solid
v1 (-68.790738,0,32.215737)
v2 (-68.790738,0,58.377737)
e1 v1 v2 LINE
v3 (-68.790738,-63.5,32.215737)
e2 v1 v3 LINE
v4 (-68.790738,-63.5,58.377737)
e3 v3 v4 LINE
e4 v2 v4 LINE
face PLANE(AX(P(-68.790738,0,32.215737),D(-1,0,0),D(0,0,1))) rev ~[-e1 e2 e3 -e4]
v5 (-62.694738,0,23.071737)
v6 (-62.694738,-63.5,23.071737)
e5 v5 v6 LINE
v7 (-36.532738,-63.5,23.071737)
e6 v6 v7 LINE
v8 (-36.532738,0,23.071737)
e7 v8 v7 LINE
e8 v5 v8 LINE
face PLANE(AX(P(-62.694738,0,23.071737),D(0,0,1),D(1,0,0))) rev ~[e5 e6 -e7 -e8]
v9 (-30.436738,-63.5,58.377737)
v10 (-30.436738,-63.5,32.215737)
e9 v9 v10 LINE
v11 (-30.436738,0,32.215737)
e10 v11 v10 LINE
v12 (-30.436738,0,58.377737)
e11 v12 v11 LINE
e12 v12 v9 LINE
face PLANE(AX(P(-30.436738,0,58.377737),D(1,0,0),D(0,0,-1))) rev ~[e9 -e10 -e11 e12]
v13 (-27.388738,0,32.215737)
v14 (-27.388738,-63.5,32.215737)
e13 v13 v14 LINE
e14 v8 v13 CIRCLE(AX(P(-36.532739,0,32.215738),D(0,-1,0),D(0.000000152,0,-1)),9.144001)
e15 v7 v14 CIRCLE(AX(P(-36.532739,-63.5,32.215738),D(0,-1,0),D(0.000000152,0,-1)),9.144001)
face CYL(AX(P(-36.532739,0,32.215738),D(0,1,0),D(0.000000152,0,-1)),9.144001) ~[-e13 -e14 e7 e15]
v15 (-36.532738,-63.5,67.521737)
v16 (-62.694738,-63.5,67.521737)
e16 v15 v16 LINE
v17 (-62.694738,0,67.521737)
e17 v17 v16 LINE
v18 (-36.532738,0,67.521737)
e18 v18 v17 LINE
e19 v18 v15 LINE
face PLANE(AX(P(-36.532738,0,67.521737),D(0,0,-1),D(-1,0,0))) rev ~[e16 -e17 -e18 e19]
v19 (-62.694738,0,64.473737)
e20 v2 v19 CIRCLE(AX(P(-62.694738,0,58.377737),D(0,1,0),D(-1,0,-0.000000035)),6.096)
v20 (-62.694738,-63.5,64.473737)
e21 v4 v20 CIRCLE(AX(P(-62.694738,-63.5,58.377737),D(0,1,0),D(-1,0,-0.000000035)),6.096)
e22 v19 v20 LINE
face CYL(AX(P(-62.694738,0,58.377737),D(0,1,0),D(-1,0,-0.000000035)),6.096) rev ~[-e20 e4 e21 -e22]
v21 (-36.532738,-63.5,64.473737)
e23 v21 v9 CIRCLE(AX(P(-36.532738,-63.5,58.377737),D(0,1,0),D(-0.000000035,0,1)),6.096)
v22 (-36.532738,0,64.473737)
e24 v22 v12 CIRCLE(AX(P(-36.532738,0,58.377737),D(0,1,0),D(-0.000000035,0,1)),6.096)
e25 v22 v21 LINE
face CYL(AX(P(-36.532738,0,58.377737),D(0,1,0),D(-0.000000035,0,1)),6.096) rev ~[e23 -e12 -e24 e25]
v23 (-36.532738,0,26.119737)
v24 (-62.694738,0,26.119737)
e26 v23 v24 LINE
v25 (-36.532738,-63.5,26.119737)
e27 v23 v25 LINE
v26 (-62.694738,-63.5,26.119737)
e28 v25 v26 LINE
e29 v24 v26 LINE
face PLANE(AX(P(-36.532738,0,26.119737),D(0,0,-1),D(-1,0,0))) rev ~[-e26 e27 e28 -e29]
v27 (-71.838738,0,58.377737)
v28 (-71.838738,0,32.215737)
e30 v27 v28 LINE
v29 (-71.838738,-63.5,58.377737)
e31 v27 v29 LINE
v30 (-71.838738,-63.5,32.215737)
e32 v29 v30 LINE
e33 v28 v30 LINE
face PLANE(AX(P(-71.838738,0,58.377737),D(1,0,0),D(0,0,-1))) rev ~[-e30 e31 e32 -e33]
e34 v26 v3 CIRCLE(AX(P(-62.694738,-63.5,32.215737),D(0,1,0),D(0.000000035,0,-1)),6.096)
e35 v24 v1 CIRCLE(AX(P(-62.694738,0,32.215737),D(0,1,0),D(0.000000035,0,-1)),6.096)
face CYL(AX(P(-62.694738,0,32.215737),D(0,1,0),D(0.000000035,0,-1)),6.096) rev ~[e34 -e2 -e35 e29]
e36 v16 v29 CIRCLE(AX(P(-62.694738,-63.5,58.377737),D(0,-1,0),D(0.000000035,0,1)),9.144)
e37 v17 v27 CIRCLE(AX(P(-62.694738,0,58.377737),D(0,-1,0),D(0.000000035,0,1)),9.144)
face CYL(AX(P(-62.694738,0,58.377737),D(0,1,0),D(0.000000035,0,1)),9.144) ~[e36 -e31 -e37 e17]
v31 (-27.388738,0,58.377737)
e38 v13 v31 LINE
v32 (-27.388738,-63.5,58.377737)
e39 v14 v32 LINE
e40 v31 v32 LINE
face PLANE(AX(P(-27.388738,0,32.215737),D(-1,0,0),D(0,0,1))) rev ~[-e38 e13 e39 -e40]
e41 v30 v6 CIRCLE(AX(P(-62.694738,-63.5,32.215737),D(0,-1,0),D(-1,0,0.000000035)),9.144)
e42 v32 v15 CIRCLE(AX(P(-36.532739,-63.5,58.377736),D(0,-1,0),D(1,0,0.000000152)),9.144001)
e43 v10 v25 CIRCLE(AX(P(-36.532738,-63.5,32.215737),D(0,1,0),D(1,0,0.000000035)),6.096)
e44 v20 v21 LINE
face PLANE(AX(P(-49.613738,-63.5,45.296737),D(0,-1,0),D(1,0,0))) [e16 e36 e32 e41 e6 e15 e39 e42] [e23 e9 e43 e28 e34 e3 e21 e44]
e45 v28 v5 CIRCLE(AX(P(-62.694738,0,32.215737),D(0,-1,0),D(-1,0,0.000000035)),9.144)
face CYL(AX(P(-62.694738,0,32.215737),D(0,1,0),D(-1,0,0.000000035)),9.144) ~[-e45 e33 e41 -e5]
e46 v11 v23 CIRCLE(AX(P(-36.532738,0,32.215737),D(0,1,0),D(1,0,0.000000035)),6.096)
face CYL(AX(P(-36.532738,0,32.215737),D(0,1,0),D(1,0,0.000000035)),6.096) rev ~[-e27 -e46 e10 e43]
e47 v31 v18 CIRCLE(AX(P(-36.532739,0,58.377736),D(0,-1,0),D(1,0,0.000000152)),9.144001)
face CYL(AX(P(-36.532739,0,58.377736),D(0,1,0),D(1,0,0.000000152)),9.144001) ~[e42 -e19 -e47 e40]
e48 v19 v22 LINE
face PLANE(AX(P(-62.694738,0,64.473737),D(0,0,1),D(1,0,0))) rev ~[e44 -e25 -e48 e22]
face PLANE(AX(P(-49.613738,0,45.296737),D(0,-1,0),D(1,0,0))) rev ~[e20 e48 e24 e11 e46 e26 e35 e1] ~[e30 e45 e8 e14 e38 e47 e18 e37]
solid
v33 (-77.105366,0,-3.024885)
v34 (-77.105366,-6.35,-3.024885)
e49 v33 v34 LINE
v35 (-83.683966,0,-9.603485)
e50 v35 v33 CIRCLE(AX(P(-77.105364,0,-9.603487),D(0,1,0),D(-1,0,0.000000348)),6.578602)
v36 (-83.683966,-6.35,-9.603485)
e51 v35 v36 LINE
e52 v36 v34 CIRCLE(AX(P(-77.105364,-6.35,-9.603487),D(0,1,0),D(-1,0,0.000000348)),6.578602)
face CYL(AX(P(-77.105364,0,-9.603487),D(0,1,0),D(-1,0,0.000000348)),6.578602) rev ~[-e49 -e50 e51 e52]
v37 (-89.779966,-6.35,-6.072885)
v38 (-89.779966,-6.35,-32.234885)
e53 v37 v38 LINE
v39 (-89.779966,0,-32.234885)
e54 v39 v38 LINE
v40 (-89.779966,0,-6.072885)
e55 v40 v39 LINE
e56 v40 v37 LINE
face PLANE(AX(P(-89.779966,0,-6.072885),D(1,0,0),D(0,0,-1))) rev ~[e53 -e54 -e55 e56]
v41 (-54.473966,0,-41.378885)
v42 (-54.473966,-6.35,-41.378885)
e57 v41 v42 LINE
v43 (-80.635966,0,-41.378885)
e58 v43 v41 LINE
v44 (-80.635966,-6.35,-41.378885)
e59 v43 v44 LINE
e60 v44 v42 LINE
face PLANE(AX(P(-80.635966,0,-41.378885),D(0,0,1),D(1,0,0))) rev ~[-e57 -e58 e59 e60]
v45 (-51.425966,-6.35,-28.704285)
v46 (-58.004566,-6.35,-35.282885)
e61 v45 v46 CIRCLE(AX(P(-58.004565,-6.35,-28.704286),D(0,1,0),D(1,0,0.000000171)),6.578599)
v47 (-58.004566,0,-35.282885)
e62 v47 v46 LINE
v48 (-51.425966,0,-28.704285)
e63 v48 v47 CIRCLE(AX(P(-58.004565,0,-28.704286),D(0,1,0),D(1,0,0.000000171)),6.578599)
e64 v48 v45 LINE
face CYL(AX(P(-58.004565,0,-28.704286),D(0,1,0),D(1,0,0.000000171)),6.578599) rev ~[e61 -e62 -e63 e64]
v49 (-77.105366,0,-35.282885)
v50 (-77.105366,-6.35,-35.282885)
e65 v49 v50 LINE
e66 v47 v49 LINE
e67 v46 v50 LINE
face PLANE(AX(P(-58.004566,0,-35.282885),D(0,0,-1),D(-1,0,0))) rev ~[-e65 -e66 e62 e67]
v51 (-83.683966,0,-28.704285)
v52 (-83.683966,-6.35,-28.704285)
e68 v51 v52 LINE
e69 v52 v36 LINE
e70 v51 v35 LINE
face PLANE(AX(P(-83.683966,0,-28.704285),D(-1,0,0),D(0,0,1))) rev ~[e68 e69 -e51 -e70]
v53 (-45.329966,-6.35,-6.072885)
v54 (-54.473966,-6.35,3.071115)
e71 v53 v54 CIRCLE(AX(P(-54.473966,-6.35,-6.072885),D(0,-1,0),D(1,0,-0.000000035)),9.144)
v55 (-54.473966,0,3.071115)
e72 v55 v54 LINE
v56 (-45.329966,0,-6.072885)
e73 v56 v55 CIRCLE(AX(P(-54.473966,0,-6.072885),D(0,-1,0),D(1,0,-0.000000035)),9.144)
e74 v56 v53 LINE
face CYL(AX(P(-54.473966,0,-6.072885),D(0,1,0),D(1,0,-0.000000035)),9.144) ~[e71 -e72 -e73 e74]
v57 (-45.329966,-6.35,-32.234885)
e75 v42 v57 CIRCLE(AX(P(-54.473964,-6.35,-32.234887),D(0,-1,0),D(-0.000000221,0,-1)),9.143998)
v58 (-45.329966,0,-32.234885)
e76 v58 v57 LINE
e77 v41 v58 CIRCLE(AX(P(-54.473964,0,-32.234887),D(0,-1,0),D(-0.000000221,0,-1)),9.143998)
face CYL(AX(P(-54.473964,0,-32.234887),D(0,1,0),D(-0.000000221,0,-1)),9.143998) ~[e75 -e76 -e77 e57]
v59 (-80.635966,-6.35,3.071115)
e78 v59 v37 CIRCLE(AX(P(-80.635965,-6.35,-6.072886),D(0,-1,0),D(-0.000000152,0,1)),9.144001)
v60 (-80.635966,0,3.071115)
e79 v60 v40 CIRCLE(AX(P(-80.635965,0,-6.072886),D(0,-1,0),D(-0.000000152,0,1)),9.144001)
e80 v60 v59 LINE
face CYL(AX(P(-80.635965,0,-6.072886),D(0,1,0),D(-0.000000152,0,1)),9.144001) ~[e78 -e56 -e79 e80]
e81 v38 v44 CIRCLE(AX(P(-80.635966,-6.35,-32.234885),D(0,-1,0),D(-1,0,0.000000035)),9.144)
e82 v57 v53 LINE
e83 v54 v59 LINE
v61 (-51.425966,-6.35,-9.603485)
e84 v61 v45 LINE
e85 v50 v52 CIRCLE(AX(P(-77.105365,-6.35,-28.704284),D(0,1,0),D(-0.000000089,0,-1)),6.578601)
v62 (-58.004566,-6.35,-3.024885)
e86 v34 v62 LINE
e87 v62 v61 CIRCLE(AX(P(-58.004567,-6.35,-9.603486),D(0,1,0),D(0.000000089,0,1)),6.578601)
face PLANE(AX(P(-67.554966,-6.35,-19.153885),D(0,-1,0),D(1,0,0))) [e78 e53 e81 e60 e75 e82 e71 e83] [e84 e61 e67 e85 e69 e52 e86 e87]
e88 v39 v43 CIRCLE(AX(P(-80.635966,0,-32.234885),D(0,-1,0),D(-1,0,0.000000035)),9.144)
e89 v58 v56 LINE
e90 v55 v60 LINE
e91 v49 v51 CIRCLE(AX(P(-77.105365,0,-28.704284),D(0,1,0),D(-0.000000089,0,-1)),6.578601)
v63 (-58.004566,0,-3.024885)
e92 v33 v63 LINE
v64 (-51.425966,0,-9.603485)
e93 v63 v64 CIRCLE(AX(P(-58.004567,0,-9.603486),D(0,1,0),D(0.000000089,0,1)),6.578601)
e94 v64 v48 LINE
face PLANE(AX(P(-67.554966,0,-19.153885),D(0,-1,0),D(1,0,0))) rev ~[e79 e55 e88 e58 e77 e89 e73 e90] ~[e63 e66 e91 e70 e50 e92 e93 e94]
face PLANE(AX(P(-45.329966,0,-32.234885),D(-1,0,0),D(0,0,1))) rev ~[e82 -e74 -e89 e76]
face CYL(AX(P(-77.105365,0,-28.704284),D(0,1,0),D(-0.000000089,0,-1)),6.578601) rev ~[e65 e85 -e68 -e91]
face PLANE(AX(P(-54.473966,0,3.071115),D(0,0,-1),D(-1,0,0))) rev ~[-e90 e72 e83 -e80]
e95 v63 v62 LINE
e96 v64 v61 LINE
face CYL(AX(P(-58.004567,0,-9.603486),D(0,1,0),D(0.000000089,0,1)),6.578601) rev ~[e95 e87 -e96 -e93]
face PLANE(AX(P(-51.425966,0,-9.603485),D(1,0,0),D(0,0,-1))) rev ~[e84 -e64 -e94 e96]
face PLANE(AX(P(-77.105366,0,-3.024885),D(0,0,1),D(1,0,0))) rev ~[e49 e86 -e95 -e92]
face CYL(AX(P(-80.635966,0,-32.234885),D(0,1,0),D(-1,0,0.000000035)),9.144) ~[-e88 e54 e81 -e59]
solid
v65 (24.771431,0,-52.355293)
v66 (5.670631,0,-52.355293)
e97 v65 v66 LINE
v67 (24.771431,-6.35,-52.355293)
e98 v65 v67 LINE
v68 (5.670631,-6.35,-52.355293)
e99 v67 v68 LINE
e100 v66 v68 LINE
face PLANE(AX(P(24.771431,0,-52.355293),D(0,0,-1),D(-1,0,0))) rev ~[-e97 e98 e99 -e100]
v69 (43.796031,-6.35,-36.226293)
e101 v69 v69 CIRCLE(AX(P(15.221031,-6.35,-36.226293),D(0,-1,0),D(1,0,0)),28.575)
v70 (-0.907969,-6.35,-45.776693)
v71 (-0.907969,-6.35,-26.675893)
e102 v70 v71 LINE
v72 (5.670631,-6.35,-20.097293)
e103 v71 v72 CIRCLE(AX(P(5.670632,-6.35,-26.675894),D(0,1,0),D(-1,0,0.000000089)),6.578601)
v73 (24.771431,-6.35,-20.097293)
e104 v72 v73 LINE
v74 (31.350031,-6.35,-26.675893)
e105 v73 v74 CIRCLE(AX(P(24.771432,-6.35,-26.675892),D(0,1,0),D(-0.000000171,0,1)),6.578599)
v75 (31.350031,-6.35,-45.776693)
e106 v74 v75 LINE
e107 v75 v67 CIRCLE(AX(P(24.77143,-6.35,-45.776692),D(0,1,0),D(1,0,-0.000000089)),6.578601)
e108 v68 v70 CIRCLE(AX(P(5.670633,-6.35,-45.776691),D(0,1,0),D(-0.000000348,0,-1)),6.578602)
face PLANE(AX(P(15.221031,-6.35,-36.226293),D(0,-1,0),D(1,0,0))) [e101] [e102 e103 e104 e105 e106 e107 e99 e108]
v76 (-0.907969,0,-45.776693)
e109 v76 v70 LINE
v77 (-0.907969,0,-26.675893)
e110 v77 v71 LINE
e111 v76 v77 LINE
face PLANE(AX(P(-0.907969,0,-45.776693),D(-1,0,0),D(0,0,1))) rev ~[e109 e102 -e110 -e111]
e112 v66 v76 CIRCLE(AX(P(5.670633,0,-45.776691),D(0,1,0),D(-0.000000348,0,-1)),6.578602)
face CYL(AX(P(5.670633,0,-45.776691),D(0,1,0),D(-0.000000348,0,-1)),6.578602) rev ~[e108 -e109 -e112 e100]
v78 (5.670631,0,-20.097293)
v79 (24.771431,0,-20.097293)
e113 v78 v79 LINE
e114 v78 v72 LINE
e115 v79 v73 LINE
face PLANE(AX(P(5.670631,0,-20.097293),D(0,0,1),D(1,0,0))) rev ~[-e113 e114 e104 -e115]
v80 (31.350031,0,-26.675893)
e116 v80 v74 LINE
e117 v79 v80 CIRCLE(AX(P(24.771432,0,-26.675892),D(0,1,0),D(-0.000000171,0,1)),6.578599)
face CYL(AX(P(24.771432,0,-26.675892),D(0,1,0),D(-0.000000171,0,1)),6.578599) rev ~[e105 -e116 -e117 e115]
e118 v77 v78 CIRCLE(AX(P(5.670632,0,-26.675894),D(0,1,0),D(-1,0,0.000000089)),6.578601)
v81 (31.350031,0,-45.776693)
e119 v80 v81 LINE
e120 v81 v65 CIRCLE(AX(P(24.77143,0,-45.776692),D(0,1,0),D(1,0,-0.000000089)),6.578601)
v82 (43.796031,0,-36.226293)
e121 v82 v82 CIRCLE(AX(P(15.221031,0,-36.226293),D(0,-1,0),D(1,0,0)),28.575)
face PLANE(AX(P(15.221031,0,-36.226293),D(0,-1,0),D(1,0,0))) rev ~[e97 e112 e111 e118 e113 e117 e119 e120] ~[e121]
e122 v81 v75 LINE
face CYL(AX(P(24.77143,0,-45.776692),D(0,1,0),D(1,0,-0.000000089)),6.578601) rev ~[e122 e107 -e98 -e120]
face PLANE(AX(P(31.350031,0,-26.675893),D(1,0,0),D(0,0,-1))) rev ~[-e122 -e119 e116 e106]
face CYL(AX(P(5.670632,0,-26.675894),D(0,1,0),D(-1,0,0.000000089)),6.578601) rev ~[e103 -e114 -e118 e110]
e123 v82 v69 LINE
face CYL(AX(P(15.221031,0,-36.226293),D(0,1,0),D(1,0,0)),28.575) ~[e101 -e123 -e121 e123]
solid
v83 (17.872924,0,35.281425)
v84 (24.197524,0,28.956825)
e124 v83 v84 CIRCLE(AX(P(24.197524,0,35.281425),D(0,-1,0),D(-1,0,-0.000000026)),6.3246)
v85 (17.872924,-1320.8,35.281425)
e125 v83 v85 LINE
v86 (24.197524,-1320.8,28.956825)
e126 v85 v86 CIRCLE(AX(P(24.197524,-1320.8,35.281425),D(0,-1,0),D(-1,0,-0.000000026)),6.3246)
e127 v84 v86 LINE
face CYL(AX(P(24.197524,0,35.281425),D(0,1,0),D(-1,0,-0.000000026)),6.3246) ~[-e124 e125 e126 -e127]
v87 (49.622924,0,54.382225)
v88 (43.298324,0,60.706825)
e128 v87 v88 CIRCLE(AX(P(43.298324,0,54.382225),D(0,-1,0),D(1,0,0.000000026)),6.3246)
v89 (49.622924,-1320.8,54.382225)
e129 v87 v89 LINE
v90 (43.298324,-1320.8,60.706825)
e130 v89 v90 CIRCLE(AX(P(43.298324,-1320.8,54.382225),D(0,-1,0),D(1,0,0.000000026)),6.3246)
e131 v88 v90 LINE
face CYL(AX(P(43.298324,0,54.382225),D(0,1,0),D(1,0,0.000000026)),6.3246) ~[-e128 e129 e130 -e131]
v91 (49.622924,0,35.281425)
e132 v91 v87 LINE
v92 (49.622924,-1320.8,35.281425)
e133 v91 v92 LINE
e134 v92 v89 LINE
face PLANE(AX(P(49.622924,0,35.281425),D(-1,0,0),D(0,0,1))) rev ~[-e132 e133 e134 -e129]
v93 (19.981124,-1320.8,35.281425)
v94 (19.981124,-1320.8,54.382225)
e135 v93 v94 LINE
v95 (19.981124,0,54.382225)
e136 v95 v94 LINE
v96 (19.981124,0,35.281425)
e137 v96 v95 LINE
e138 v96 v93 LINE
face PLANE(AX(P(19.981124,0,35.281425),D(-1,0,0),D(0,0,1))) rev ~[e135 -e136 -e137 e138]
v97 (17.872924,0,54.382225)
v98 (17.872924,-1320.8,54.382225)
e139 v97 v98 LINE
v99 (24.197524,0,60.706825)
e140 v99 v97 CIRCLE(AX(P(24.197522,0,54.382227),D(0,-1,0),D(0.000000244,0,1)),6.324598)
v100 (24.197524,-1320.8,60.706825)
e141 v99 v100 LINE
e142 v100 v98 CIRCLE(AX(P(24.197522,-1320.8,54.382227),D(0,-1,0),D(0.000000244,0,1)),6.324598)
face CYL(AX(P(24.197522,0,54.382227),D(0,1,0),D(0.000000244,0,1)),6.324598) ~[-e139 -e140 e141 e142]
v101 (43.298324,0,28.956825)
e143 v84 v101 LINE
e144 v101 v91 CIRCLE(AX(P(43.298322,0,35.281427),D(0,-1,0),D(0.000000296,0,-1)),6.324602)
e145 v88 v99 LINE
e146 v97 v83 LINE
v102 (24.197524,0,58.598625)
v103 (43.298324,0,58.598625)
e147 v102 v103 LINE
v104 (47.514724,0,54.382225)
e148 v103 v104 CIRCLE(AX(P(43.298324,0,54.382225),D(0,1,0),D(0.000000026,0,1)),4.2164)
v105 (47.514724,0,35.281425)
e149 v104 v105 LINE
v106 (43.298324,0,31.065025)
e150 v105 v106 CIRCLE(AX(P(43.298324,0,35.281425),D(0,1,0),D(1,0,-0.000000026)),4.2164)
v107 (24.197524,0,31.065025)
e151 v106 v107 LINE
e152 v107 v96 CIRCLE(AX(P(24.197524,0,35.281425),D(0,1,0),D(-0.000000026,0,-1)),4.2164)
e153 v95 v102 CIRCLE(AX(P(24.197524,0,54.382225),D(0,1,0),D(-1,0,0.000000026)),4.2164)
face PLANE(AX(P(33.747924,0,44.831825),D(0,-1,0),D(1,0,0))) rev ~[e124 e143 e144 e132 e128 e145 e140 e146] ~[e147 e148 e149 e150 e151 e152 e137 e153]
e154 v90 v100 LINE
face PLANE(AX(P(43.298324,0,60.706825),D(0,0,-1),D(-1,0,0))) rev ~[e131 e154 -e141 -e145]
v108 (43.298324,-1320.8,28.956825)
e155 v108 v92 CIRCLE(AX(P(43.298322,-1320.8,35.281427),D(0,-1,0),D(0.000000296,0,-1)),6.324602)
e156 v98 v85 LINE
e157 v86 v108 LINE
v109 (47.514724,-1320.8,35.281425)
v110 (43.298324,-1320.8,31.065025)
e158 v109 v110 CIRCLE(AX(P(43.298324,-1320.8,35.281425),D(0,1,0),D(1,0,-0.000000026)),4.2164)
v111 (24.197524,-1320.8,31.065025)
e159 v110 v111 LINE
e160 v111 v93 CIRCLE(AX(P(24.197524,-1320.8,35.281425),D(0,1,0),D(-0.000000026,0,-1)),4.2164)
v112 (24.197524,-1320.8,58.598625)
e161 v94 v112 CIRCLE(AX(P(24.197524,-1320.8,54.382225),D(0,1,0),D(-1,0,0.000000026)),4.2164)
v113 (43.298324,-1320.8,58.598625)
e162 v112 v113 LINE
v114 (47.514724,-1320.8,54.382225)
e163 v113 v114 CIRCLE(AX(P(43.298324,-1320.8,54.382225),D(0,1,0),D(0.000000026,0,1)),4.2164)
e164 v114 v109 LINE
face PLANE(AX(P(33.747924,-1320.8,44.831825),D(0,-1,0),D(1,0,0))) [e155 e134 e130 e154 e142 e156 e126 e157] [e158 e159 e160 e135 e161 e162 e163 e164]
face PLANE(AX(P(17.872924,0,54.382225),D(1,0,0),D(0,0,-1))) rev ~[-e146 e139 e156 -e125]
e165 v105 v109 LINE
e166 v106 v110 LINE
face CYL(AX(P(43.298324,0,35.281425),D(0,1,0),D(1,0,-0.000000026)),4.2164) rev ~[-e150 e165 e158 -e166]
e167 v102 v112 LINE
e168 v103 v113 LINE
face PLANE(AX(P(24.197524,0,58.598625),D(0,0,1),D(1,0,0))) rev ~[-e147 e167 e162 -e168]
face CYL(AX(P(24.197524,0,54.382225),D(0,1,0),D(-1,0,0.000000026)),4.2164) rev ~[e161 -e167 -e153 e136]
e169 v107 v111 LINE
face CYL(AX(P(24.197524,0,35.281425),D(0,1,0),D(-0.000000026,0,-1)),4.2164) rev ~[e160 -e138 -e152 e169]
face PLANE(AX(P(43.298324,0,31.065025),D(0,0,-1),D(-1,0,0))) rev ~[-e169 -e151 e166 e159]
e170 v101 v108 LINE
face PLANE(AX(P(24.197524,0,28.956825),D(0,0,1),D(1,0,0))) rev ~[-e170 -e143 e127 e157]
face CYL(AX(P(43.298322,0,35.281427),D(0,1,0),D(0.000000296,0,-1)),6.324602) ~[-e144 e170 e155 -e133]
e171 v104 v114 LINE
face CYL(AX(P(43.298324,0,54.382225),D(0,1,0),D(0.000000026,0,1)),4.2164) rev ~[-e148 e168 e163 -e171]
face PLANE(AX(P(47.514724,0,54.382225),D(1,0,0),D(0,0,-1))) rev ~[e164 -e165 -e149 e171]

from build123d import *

# Parameters (mm, degrees)
F1_DEPTH = 63.5
F3_DEPTH = 1320.8
F5_DEPTH = 6.35
F6_R     = 28.575
F7_DEPTH = 6.35


with BuildPart() as f1:
    # F0 (on Front) → F1 (new body)
    with BuildSketch(Plane.XZ):
        with BuildLine():
            Line((-36.532738, 67.521737), (-62.694738, 67.521737))
            ThreePointArc((-62.694738, 67.521737), (-69.160523, 64.843521), (-71.838738, 58.377737))
            Line((-71.838738, 58.377737), (-71.838738, 32.215737))
            ThreePointArc((-71.838738, 32.215737), (-69.160523, 25.749953), (-62.694738, 23.071737))
            Line((-62.694738, 23.071737), (-36.532738, 23.071737))
            ThreePointArc((-36.532738, 23.071737), (-30.066954, 25.749953), (-27.388738, 32.215737))
            Line((-27.388738, 32.215737), (-27.388738, 58.377737))
            ThreePointArc((-27.388738, 58.377737), (-30.066954, 64.843521), (-36.532738, 67.521737))
        make_face()
        with BuildLine():
            ThreePointArc((-68.790738, 58.377737), (-67.005261, 62.68826), (-62.694738, 64.473737))
            Line((-62.694738, 64.473737), (-36.532738, 64.473737))
            ThreePointArc((-36.532738, 64.473737), (-32.222215, 62.68826), (-30.436738, 58.377737))
            Line((-30.436738, 58.377737), (-30.436738, 32.215737))
            ThreePointArc((-30.436738, 32.215737), (-32.222215, 27.905214), (-36.532738, 26.119737))
            Line((-36.532738, 26.119737), (-62.694738, 26.119737))
            ThreePointArc((-62.694738, 26.119737), (-67.005261, 27.905214), (-68.790738, 32.215737))
            Line((-68.790738, 32.215737), (-68.790738, 58.377737))
        make_face(mode=Mode.SUBTRACT)
    extrude(amount=F1_DEPTH)


with BuildPart() as f3:
    # F2 (on Front) → F3 (new body)
    with BuildSketch(Plane.XZ):
        with BuildLine():
            Line((43.298324, 60.706825), (24.197524, 60.706825))
            ThreePointArc((24.197524, 60.706825), (19.725356, 58.854393), (17.872924, 54.382225))
            Line((17.872924, 54.382225), (17.872924, 35.281425))
            ThreePointArc((17.872924, 35.281425), (19.725356, 30.809258), (24.197524, 28.956825))
            Line((24.197524, 28.956825), (43.298324, 28.956825))
            ThreePointArc((43.298324, 28.956825), (47.770491, 30.809258), (49.622924, 35.281425))
            Line((49.622924, 35.281425), (49.622924, 54.382225))
            ThreePointArc((49.622924, 54.382225), (47.770491, 58.854393), (43.298324, 60.706825))
        make_face()
        with BuildLine():
            ThreePointArc((19.981124, 54.382225), (21.216079, 57.36367), (24.197524, 58.598625))
            Line((24.197524, 58.598625), (43.298324, 58.598625))
            ThreePointArc((43.298324, 58.598625), (46.279769, 57.36367), (47.514724, 54.382225))
            Line((47.514724, 54.382225), (47.514724, 35.281425))
            ThreePointArc((47.514724, 35.281425), (46.279769, 32.29998), (43.298324, 31.065025))
            Line((43.298324, 31.065025), (24.197524, 31.065025))
            ThreePointArc((24.197524, 31.065025), (21.216079, 32.29998), (19.981124, 35.281425))
            Line((19.981124, 35.281425), (19.981124, 54.382225))
        make_face(mode=Mode.SUBTRACT)
    extrude(amount=F3_DEPTH)


with BuildPart() as f5:
    # F4 (on Front) → F5 (new body)
    with BuildSketch(Plane.XZ):
        with BuildLine():
            Line((-54.473966, 3.071115), (-80.635966, 3.071115))
            ThreePointArc((-80.635966, 3.071115), (-87.10175, 0.392899), (-89.779966, -6.072885))
            Line((-89.779966, -6.072885), (-89.779966, -32.234885))
            ThreePointArc((-89.779966, -32.234885), (-87.10175, -38.70067), (-80.635966, -41.378885))
            Line((-80.635966, -41.378885), (-54.473966, -41.378885))
            ThreePointArc((-54.473966, -41.378885), (-48.008181, -38.70067), (-45.329966, -32.234885))
            Line((-45.329966, -32.234885), (-45.329966, -6.072885))
            ThreePointArc((-45.329966, -6.072885), (-48.008181, 0.392899), (-54.473966, 3.071115))
        make_face()
        with BuildLine():
            ThreePointArc((-83.683966, -9.603485), (-81.757138, -4.951713), (-77.105366, -3.024885))
            Line((-77.105366, -3.024885), (-58.004566, -3.024885))
            ThreePointArc((-58.004566, -3.024885), (-53.352793, -4.951713), (-51.425966, -9.603485))
            Line((-51.425966, -9.603485), (-51.425966, -28.704285))
            ThreePointArc((-51.425966, -28.704285), (-53.352793, -33.356058), (-58.004566, -35.282885))
            Line((-58.004566, -35.282885), (-77.105366, -35.282885))
            ThreePointArc((-77.105366, -35.282885), (-81.757138, -33.356058), (-83.683966, -28.704285))
            Line((-83.683966, -28.704285), (-83.683966, -9.603485))
        make_face(mode=Mode.SUBTRACT)
    extrude(amount=F5_DEPTH)


with BuildPart() as f7:
    # F6 (on Front) → F7 (new body)
    with BuildSketch(Plane.XZ):
        with Locations((15.221031, -36.226293)):
            Circle(F6_R)
        with BuildLine():
            ThreePointArc((-0.907969, -26.675893), (1.018859, -22.02412), (5.670631, -20.097293))
            Line((5.670631, -20.097293), (24.771431, -20.097293))
            ThreePointArc((24.771431, -20.097293), (29.423204, -22.02412), (31.350031, -26.675893))
            Line((31.350031, -26.675893), (31.350031, -45.776693))
            ThreePointArc((31.350031, -45.776693), (29.423204, -50.428465), (24.771431, -52.355293))
            Line((24.771431, -52.355293), (5.670631, -52.355293))
            ThreePointArc((5.670631, -52.355293), (1.018859, -50.428465), (-0.907969, -45.776693))
            Line((-0.907969, -45.776693), (-0.907969, -26.675893))
        make_face(mode=Mode.SUBTRACT)
    extrude(amount=F7_DEPTH)


solid = Compound([f1.part, f3.part, f5.part, f7.part])
